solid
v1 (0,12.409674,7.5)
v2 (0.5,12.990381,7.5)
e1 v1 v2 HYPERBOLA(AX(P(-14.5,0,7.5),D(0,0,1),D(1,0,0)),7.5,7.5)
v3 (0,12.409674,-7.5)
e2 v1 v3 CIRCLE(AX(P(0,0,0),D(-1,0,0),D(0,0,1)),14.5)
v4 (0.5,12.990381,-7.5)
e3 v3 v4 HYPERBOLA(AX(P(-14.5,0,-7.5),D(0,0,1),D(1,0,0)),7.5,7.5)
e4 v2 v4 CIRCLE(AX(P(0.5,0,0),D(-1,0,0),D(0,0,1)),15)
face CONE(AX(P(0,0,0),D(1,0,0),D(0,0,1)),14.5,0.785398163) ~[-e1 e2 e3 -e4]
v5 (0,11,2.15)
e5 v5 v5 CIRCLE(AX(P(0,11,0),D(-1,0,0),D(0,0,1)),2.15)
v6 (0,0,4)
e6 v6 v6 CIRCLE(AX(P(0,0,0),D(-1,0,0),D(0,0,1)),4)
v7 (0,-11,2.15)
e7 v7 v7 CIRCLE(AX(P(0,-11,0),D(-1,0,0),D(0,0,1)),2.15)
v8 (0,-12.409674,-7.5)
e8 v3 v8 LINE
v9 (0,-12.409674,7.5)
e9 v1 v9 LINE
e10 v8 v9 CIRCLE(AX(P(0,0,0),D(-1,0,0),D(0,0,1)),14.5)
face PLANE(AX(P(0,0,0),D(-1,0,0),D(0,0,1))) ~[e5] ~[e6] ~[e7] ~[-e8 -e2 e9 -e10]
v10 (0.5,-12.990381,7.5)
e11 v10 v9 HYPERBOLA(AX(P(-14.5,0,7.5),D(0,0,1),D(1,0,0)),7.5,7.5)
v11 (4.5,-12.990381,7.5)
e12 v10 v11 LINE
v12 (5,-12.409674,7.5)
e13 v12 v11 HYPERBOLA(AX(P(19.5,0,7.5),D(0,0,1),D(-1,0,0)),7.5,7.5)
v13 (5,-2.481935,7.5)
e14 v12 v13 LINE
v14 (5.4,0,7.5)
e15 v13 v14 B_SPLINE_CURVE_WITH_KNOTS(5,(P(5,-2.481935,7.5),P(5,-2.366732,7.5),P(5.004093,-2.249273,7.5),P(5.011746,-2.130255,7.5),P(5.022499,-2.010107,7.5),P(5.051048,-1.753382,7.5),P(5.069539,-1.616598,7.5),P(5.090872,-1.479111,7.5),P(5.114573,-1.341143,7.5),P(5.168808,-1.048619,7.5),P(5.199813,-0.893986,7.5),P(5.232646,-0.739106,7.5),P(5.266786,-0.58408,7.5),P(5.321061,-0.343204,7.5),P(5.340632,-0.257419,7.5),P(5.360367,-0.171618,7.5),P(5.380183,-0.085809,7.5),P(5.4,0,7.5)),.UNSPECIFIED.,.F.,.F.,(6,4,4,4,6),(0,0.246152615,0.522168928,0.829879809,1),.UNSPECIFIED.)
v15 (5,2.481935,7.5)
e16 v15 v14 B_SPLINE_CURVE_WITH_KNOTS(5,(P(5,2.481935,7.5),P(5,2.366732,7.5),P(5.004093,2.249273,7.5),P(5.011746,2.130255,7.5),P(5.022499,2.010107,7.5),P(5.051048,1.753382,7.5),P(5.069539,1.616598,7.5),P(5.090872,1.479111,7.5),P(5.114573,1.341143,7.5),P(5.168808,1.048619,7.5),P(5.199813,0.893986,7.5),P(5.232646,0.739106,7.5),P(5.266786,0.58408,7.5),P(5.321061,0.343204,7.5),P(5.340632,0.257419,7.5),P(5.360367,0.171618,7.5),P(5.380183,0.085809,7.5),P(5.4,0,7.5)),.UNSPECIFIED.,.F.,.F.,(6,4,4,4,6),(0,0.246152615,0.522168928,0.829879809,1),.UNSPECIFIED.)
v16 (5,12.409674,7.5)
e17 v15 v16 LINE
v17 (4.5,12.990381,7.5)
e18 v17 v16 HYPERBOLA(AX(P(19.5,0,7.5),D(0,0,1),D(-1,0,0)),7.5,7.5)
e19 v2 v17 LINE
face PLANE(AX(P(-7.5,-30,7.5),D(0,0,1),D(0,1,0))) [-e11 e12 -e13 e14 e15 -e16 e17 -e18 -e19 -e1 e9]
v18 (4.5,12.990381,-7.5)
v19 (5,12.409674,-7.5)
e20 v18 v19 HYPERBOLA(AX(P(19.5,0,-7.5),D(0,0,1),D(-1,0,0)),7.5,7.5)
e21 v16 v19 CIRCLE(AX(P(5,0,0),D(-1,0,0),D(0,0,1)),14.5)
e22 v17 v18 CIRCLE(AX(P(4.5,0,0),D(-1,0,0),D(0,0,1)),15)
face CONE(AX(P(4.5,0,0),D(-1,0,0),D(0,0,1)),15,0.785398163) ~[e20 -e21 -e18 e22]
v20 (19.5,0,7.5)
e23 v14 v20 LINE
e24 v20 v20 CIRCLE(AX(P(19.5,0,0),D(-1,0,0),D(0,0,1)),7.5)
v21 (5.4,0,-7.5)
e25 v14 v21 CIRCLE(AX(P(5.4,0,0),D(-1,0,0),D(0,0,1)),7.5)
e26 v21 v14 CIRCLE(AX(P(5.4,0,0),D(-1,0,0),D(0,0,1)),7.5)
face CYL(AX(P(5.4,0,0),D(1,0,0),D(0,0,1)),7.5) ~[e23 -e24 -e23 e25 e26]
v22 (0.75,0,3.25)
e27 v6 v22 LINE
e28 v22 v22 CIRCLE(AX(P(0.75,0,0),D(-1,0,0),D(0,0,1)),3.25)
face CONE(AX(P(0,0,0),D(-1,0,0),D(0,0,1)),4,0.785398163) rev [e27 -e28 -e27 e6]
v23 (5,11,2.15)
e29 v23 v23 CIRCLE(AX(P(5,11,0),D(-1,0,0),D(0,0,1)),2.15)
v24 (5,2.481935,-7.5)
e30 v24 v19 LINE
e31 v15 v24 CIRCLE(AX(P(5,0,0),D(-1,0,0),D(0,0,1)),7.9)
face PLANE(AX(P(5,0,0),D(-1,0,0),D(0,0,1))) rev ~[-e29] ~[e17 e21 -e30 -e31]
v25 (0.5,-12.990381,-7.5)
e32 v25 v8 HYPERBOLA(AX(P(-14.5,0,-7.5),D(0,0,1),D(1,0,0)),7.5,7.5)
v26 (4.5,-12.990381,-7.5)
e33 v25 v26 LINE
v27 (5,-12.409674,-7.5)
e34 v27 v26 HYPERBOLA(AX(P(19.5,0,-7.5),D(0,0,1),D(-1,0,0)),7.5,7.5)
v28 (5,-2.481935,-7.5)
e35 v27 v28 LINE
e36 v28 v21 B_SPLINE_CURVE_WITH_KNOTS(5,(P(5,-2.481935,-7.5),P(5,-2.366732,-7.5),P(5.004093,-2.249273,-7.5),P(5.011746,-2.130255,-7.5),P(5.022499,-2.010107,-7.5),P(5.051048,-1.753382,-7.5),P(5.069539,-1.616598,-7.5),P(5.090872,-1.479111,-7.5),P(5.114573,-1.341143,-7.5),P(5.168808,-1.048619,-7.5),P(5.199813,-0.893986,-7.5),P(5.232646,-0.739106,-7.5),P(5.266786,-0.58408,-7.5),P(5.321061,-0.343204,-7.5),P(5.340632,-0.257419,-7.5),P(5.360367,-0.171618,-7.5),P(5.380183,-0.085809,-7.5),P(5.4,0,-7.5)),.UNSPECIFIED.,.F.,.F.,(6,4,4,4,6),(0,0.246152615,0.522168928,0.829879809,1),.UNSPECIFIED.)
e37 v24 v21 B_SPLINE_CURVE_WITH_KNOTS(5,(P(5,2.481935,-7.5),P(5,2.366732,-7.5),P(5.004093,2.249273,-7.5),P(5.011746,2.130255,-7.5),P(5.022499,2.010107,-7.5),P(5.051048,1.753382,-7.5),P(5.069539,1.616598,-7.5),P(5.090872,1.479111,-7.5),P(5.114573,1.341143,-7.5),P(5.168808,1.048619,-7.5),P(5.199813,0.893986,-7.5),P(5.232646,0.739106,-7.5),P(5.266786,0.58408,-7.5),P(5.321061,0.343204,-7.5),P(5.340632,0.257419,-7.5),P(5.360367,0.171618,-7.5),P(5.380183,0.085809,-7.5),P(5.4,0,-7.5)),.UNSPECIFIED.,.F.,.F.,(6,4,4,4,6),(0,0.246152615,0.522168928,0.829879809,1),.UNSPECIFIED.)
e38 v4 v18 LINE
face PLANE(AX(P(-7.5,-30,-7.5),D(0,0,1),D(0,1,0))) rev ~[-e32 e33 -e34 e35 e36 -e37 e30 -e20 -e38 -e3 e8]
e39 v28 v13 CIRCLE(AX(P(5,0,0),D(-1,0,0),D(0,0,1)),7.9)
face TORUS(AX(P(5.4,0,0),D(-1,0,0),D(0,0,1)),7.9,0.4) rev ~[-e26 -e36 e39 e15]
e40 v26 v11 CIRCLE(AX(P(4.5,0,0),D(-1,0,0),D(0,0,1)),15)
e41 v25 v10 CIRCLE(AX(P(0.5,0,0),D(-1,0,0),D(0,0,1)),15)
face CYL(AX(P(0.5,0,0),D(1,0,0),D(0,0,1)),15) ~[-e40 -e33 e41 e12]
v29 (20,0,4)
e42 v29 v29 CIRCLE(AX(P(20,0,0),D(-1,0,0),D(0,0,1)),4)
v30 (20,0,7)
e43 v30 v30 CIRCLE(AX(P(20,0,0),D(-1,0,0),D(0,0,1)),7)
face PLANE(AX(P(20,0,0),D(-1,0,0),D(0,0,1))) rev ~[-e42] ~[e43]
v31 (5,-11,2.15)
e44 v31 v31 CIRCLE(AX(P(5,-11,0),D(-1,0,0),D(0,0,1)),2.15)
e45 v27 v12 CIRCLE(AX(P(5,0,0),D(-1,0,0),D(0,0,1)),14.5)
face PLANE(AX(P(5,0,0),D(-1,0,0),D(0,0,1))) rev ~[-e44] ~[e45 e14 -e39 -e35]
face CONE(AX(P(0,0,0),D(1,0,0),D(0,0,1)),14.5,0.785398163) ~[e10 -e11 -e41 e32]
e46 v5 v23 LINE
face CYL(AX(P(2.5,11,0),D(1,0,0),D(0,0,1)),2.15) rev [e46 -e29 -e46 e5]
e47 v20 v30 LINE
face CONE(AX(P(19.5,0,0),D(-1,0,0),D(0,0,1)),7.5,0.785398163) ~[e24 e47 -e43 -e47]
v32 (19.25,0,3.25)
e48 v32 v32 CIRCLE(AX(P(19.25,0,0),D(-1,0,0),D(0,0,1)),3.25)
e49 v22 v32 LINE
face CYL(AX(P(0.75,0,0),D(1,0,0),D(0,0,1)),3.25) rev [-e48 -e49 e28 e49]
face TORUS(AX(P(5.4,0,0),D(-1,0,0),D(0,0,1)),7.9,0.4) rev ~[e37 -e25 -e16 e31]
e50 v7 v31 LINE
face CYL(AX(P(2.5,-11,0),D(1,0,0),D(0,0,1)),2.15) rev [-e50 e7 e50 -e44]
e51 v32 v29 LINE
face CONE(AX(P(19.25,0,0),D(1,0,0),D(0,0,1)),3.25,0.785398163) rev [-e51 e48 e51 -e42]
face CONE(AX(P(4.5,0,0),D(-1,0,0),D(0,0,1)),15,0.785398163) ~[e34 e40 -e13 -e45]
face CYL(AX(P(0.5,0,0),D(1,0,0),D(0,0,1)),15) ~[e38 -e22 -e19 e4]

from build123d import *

# Parameters (mm, degrees)
SKETCH3_W               = 5
SKETCH3_H               = 2.15
SKETCH4_W               = 5
SKETCH4_H               = 2.15
CUT_EXTRUDE1_DEPTH      = 7.5
CUT_EXTRUDE1_DEPTH_BACK = 7.5
SKETCH5_W               = 30
SKETCH5_H               = 90
SKETCH5_W_2             = 15
SKETCH5_H_2             = 60


with BuildPart() as part:
    # Sketch1 → Revolve1 (revolve)
    with BuildSketch(Plane.XY, mode=Mode.PRIVATE) as revolve1_sk:
        with BuildLine():
            Line((0, 0), (0, 14.5))
            Line((0, 14.5), (0.5, 15))
            Line((0.5, 15), (4.5, 15))
            Line((4.5, 15), (5, 14.5))
            Line((5, 14.5), (5, 7.9))
            ThreePointArc((5, 7.9), (5.117157288, 7.617157288), (5.4, 7.5))
            Line((5.4, 7.5), (19.5, 7.5))
            Line((19.5, 7.5), (20, 7))
            Line((20, 7), (20, 0))
            Line((20, 0), (0, 0))
        make_face()
    revolve(revolve1_sk.sketch.rotate(Axis((20, 0, 0), (-1, 0, 0)), 270), axis=Axis((20, 0, 0), (-1, 0, 0)))

    # Sketch2 → Cut-Revolve1 (revolve, cut)
    with BuildSketch(Plane.XY, mode=Mode.PRIVATE) as cut_revolve1_sk:
        Polygon((0, 0), (0, 4), (0.75, 3.25), (19.25, 3.25), (20, 4), (20, 0), align=None)
    revolve(cut_revolve1_sk.sketch.rotate(Axis((20, 0, 0), (-1, 0, 0)), 270), axis=Axis((20, 0, 0), (-1, 0, 0)), mode=Mode.SUBTRACT)

    # Sketch3 → Cut-Revolve2 (revolve, cut)
    with BuildSketch(Plane.XY, mode=Mode.PRIVATE) as cut_revolve2_sk:
        with Locations((2.5, 12.075)):
            Rectangle(SKETCH3_W, SKETCH3_H)
    revolve(cut_revolve2_sk.sketch.rotate(Axis((5, 11, 0), (-1, 0, 0)), 270), axis=Axis((5, 11, 0), (-1, 0, 0)), mode=Mode.SUBTRACT)

    # Sketch4 → Cut-Revolve3 (revolve, cut)
    with BuildSketch(Plane.XY, mode=Mode.PRIVATE) as cut_revolve3_sk:
        with Locations((2.5, -9.925)):
            Rectangle(SKETCH4_W, SKETCH4_H)
    revolve(cut_revolve3_sk.sketch.rotate(Axis((5, -11, 0), (-1, 0, 0)), 270), axis=Axis((5, -11, 0), (-1, 0, 0)), mode=Mode.SUBTRACT)

    # Sketch5 → Cut-Extrude1 (cut, two sides: drawn at the far end of the back side and taken through both)
    with BuildSketch(Plane(origin=(0, 0, 0), x_dir=(0, 0, -1), z_dir=(1, 0, 0)).offset(-CUT_EXTRUDE1_DEPTH_BACK)):
        Rectangle(SKETCH5_W, SKETCH5_H)
        Rectangle(SKETCH5_W_2, SKETCH5_H_2, mode=Mode.SUBTRACT)
    extrude(amount=CUT_EXTRUDE1_DEPTH + CUT_EXTRUDE1_DEPTH_BACK, mode=Mode.SUBTRACT)


solid = part.part
